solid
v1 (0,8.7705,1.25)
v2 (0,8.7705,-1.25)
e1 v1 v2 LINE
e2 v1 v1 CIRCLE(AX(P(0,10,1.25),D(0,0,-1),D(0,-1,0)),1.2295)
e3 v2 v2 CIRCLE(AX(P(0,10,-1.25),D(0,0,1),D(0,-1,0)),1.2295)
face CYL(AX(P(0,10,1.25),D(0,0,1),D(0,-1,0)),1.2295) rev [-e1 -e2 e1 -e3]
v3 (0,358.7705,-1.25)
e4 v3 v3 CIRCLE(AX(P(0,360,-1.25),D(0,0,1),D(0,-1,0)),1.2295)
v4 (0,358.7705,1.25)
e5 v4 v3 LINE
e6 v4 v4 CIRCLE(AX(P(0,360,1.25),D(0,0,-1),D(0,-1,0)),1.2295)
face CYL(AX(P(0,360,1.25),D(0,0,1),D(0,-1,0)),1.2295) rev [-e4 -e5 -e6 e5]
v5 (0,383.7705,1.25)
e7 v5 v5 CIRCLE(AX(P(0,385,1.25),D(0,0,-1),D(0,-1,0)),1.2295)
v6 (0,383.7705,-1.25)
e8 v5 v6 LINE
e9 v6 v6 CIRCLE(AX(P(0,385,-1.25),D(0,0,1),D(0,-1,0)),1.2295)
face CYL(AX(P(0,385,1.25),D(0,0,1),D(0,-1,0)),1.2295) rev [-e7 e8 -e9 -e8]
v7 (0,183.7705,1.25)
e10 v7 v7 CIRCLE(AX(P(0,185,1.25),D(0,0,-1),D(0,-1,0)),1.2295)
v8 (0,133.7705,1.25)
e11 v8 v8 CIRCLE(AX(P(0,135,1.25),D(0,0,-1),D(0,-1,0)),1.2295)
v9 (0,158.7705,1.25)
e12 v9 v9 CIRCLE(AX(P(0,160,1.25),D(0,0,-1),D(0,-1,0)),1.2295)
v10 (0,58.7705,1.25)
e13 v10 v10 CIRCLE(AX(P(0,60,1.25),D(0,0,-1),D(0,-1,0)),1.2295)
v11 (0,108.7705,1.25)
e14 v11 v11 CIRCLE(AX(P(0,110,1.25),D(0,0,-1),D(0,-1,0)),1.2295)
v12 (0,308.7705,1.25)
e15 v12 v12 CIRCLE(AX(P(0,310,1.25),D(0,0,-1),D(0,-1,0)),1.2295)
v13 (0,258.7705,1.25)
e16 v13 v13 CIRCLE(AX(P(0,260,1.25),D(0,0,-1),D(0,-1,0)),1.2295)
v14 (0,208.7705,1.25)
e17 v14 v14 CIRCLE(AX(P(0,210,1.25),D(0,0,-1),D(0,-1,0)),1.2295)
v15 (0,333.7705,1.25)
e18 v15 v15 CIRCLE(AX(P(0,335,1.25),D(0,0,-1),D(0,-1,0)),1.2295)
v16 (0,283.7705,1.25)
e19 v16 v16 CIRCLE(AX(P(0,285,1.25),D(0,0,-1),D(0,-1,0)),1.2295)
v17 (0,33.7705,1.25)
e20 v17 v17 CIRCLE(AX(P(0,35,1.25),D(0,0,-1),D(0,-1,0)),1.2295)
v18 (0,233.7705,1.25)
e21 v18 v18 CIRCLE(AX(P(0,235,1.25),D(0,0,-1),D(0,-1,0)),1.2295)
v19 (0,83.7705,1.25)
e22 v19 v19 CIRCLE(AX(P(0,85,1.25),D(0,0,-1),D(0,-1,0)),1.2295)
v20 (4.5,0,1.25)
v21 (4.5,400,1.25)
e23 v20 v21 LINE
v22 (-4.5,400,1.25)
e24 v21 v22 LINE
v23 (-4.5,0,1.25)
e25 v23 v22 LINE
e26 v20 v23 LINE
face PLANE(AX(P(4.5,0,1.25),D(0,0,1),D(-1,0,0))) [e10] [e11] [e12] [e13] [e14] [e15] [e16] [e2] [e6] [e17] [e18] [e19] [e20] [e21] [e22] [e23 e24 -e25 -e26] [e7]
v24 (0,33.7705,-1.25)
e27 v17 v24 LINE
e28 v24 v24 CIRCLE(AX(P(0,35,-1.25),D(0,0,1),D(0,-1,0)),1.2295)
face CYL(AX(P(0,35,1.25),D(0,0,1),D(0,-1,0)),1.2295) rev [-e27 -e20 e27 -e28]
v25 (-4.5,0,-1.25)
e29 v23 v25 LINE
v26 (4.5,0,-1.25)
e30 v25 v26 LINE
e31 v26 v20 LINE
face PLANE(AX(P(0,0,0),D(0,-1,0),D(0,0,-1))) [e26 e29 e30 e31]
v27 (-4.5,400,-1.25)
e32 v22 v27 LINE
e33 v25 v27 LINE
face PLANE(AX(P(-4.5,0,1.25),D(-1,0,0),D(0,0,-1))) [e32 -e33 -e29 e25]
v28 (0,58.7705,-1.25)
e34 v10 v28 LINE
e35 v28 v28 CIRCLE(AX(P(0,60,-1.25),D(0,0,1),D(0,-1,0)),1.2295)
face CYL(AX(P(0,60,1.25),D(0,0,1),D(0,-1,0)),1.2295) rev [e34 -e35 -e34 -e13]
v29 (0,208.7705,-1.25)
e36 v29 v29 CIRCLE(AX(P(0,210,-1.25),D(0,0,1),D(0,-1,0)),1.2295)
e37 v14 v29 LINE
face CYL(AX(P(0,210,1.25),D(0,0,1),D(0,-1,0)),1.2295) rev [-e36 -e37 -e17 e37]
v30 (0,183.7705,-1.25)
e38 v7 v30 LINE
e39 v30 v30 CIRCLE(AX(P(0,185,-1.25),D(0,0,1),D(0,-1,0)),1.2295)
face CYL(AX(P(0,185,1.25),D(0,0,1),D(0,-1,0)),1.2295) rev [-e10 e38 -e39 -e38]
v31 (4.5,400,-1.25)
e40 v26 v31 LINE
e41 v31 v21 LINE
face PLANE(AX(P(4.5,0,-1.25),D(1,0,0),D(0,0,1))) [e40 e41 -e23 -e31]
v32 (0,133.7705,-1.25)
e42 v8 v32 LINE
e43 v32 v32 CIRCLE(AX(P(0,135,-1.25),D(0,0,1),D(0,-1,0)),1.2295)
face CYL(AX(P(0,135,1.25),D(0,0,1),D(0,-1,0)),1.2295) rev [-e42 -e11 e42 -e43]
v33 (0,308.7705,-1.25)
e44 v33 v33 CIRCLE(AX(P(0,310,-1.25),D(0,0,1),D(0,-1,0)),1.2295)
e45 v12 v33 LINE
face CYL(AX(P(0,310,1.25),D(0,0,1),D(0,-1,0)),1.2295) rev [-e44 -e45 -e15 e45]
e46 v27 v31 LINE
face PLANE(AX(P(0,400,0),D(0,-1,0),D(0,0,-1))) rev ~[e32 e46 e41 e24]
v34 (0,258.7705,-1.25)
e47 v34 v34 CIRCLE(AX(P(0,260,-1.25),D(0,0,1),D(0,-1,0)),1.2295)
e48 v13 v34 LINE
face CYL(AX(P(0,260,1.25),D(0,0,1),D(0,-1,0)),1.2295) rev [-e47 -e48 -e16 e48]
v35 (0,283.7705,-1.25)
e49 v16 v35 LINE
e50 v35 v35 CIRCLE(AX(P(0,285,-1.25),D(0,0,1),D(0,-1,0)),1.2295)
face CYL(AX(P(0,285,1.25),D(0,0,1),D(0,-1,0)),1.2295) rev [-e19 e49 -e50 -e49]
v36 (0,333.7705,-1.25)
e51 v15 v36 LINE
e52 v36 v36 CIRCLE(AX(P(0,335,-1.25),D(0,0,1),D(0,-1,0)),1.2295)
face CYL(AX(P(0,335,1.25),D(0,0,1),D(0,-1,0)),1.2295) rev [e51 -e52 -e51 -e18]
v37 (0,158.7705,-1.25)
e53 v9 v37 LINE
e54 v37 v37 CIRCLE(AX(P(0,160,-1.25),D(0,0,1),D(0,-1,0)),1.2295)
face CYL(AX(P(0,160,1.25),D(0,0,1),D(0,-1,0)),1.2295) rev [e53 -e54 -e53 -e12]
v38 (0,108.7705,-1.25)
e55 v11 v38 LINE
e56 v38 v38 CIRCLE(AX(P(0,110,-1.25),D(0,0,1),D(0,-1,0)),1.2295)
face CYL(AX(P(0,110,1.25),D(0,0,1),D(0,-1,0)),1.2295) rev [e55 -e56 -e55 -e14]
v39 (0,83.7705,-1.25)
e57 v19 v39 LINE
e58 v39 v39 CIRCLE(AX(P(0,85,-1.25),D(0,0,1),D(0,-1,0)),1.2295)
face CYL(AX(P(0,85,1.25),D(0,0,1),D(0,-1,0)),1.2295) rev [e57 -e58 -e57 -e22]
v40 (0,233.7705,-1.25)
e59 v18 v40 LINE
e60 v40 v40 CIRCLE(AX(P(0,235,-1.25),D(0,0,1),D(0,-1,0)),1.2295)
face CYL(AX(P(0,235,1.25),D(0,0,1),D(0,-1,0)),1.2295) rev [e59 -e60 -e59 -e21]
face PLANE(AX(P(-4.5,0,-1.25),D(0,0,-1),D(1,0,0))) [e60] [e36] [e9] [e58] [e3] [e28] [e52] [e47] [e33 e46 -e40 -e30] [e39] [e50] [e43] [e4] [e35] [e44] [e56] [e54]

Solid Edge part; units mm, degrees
sketch "Sketch1" plane through (0, 0, 0) normal (0, -1, 0) x (1, 0, 0)
  line L0 (-4.5, -1.25) -> (4.5, -1.25)
  line L1 (4.5, -1.25) -> (4.5, 1.25)
  line L2 (4.5, 1.25) -> (-4.5, 1.25)
  line L3 (-4.5, 1.25) -> (-4.5, -1.25)
  dimension "D1" = 9
  dimension "D2" = 2.5
extrude "Protrusion1" add sketch "Sketch1" against normal blind 400
hole "Hole_1" at (0, 10, 1.25) direction (0, 0, -1) diameter 2.459 end up to next
pattern_linear "Pattern1" count 16 spacing 25 along (0, 1, 0) of "Hole_1"
properties material "Stainless Steel, 304"
